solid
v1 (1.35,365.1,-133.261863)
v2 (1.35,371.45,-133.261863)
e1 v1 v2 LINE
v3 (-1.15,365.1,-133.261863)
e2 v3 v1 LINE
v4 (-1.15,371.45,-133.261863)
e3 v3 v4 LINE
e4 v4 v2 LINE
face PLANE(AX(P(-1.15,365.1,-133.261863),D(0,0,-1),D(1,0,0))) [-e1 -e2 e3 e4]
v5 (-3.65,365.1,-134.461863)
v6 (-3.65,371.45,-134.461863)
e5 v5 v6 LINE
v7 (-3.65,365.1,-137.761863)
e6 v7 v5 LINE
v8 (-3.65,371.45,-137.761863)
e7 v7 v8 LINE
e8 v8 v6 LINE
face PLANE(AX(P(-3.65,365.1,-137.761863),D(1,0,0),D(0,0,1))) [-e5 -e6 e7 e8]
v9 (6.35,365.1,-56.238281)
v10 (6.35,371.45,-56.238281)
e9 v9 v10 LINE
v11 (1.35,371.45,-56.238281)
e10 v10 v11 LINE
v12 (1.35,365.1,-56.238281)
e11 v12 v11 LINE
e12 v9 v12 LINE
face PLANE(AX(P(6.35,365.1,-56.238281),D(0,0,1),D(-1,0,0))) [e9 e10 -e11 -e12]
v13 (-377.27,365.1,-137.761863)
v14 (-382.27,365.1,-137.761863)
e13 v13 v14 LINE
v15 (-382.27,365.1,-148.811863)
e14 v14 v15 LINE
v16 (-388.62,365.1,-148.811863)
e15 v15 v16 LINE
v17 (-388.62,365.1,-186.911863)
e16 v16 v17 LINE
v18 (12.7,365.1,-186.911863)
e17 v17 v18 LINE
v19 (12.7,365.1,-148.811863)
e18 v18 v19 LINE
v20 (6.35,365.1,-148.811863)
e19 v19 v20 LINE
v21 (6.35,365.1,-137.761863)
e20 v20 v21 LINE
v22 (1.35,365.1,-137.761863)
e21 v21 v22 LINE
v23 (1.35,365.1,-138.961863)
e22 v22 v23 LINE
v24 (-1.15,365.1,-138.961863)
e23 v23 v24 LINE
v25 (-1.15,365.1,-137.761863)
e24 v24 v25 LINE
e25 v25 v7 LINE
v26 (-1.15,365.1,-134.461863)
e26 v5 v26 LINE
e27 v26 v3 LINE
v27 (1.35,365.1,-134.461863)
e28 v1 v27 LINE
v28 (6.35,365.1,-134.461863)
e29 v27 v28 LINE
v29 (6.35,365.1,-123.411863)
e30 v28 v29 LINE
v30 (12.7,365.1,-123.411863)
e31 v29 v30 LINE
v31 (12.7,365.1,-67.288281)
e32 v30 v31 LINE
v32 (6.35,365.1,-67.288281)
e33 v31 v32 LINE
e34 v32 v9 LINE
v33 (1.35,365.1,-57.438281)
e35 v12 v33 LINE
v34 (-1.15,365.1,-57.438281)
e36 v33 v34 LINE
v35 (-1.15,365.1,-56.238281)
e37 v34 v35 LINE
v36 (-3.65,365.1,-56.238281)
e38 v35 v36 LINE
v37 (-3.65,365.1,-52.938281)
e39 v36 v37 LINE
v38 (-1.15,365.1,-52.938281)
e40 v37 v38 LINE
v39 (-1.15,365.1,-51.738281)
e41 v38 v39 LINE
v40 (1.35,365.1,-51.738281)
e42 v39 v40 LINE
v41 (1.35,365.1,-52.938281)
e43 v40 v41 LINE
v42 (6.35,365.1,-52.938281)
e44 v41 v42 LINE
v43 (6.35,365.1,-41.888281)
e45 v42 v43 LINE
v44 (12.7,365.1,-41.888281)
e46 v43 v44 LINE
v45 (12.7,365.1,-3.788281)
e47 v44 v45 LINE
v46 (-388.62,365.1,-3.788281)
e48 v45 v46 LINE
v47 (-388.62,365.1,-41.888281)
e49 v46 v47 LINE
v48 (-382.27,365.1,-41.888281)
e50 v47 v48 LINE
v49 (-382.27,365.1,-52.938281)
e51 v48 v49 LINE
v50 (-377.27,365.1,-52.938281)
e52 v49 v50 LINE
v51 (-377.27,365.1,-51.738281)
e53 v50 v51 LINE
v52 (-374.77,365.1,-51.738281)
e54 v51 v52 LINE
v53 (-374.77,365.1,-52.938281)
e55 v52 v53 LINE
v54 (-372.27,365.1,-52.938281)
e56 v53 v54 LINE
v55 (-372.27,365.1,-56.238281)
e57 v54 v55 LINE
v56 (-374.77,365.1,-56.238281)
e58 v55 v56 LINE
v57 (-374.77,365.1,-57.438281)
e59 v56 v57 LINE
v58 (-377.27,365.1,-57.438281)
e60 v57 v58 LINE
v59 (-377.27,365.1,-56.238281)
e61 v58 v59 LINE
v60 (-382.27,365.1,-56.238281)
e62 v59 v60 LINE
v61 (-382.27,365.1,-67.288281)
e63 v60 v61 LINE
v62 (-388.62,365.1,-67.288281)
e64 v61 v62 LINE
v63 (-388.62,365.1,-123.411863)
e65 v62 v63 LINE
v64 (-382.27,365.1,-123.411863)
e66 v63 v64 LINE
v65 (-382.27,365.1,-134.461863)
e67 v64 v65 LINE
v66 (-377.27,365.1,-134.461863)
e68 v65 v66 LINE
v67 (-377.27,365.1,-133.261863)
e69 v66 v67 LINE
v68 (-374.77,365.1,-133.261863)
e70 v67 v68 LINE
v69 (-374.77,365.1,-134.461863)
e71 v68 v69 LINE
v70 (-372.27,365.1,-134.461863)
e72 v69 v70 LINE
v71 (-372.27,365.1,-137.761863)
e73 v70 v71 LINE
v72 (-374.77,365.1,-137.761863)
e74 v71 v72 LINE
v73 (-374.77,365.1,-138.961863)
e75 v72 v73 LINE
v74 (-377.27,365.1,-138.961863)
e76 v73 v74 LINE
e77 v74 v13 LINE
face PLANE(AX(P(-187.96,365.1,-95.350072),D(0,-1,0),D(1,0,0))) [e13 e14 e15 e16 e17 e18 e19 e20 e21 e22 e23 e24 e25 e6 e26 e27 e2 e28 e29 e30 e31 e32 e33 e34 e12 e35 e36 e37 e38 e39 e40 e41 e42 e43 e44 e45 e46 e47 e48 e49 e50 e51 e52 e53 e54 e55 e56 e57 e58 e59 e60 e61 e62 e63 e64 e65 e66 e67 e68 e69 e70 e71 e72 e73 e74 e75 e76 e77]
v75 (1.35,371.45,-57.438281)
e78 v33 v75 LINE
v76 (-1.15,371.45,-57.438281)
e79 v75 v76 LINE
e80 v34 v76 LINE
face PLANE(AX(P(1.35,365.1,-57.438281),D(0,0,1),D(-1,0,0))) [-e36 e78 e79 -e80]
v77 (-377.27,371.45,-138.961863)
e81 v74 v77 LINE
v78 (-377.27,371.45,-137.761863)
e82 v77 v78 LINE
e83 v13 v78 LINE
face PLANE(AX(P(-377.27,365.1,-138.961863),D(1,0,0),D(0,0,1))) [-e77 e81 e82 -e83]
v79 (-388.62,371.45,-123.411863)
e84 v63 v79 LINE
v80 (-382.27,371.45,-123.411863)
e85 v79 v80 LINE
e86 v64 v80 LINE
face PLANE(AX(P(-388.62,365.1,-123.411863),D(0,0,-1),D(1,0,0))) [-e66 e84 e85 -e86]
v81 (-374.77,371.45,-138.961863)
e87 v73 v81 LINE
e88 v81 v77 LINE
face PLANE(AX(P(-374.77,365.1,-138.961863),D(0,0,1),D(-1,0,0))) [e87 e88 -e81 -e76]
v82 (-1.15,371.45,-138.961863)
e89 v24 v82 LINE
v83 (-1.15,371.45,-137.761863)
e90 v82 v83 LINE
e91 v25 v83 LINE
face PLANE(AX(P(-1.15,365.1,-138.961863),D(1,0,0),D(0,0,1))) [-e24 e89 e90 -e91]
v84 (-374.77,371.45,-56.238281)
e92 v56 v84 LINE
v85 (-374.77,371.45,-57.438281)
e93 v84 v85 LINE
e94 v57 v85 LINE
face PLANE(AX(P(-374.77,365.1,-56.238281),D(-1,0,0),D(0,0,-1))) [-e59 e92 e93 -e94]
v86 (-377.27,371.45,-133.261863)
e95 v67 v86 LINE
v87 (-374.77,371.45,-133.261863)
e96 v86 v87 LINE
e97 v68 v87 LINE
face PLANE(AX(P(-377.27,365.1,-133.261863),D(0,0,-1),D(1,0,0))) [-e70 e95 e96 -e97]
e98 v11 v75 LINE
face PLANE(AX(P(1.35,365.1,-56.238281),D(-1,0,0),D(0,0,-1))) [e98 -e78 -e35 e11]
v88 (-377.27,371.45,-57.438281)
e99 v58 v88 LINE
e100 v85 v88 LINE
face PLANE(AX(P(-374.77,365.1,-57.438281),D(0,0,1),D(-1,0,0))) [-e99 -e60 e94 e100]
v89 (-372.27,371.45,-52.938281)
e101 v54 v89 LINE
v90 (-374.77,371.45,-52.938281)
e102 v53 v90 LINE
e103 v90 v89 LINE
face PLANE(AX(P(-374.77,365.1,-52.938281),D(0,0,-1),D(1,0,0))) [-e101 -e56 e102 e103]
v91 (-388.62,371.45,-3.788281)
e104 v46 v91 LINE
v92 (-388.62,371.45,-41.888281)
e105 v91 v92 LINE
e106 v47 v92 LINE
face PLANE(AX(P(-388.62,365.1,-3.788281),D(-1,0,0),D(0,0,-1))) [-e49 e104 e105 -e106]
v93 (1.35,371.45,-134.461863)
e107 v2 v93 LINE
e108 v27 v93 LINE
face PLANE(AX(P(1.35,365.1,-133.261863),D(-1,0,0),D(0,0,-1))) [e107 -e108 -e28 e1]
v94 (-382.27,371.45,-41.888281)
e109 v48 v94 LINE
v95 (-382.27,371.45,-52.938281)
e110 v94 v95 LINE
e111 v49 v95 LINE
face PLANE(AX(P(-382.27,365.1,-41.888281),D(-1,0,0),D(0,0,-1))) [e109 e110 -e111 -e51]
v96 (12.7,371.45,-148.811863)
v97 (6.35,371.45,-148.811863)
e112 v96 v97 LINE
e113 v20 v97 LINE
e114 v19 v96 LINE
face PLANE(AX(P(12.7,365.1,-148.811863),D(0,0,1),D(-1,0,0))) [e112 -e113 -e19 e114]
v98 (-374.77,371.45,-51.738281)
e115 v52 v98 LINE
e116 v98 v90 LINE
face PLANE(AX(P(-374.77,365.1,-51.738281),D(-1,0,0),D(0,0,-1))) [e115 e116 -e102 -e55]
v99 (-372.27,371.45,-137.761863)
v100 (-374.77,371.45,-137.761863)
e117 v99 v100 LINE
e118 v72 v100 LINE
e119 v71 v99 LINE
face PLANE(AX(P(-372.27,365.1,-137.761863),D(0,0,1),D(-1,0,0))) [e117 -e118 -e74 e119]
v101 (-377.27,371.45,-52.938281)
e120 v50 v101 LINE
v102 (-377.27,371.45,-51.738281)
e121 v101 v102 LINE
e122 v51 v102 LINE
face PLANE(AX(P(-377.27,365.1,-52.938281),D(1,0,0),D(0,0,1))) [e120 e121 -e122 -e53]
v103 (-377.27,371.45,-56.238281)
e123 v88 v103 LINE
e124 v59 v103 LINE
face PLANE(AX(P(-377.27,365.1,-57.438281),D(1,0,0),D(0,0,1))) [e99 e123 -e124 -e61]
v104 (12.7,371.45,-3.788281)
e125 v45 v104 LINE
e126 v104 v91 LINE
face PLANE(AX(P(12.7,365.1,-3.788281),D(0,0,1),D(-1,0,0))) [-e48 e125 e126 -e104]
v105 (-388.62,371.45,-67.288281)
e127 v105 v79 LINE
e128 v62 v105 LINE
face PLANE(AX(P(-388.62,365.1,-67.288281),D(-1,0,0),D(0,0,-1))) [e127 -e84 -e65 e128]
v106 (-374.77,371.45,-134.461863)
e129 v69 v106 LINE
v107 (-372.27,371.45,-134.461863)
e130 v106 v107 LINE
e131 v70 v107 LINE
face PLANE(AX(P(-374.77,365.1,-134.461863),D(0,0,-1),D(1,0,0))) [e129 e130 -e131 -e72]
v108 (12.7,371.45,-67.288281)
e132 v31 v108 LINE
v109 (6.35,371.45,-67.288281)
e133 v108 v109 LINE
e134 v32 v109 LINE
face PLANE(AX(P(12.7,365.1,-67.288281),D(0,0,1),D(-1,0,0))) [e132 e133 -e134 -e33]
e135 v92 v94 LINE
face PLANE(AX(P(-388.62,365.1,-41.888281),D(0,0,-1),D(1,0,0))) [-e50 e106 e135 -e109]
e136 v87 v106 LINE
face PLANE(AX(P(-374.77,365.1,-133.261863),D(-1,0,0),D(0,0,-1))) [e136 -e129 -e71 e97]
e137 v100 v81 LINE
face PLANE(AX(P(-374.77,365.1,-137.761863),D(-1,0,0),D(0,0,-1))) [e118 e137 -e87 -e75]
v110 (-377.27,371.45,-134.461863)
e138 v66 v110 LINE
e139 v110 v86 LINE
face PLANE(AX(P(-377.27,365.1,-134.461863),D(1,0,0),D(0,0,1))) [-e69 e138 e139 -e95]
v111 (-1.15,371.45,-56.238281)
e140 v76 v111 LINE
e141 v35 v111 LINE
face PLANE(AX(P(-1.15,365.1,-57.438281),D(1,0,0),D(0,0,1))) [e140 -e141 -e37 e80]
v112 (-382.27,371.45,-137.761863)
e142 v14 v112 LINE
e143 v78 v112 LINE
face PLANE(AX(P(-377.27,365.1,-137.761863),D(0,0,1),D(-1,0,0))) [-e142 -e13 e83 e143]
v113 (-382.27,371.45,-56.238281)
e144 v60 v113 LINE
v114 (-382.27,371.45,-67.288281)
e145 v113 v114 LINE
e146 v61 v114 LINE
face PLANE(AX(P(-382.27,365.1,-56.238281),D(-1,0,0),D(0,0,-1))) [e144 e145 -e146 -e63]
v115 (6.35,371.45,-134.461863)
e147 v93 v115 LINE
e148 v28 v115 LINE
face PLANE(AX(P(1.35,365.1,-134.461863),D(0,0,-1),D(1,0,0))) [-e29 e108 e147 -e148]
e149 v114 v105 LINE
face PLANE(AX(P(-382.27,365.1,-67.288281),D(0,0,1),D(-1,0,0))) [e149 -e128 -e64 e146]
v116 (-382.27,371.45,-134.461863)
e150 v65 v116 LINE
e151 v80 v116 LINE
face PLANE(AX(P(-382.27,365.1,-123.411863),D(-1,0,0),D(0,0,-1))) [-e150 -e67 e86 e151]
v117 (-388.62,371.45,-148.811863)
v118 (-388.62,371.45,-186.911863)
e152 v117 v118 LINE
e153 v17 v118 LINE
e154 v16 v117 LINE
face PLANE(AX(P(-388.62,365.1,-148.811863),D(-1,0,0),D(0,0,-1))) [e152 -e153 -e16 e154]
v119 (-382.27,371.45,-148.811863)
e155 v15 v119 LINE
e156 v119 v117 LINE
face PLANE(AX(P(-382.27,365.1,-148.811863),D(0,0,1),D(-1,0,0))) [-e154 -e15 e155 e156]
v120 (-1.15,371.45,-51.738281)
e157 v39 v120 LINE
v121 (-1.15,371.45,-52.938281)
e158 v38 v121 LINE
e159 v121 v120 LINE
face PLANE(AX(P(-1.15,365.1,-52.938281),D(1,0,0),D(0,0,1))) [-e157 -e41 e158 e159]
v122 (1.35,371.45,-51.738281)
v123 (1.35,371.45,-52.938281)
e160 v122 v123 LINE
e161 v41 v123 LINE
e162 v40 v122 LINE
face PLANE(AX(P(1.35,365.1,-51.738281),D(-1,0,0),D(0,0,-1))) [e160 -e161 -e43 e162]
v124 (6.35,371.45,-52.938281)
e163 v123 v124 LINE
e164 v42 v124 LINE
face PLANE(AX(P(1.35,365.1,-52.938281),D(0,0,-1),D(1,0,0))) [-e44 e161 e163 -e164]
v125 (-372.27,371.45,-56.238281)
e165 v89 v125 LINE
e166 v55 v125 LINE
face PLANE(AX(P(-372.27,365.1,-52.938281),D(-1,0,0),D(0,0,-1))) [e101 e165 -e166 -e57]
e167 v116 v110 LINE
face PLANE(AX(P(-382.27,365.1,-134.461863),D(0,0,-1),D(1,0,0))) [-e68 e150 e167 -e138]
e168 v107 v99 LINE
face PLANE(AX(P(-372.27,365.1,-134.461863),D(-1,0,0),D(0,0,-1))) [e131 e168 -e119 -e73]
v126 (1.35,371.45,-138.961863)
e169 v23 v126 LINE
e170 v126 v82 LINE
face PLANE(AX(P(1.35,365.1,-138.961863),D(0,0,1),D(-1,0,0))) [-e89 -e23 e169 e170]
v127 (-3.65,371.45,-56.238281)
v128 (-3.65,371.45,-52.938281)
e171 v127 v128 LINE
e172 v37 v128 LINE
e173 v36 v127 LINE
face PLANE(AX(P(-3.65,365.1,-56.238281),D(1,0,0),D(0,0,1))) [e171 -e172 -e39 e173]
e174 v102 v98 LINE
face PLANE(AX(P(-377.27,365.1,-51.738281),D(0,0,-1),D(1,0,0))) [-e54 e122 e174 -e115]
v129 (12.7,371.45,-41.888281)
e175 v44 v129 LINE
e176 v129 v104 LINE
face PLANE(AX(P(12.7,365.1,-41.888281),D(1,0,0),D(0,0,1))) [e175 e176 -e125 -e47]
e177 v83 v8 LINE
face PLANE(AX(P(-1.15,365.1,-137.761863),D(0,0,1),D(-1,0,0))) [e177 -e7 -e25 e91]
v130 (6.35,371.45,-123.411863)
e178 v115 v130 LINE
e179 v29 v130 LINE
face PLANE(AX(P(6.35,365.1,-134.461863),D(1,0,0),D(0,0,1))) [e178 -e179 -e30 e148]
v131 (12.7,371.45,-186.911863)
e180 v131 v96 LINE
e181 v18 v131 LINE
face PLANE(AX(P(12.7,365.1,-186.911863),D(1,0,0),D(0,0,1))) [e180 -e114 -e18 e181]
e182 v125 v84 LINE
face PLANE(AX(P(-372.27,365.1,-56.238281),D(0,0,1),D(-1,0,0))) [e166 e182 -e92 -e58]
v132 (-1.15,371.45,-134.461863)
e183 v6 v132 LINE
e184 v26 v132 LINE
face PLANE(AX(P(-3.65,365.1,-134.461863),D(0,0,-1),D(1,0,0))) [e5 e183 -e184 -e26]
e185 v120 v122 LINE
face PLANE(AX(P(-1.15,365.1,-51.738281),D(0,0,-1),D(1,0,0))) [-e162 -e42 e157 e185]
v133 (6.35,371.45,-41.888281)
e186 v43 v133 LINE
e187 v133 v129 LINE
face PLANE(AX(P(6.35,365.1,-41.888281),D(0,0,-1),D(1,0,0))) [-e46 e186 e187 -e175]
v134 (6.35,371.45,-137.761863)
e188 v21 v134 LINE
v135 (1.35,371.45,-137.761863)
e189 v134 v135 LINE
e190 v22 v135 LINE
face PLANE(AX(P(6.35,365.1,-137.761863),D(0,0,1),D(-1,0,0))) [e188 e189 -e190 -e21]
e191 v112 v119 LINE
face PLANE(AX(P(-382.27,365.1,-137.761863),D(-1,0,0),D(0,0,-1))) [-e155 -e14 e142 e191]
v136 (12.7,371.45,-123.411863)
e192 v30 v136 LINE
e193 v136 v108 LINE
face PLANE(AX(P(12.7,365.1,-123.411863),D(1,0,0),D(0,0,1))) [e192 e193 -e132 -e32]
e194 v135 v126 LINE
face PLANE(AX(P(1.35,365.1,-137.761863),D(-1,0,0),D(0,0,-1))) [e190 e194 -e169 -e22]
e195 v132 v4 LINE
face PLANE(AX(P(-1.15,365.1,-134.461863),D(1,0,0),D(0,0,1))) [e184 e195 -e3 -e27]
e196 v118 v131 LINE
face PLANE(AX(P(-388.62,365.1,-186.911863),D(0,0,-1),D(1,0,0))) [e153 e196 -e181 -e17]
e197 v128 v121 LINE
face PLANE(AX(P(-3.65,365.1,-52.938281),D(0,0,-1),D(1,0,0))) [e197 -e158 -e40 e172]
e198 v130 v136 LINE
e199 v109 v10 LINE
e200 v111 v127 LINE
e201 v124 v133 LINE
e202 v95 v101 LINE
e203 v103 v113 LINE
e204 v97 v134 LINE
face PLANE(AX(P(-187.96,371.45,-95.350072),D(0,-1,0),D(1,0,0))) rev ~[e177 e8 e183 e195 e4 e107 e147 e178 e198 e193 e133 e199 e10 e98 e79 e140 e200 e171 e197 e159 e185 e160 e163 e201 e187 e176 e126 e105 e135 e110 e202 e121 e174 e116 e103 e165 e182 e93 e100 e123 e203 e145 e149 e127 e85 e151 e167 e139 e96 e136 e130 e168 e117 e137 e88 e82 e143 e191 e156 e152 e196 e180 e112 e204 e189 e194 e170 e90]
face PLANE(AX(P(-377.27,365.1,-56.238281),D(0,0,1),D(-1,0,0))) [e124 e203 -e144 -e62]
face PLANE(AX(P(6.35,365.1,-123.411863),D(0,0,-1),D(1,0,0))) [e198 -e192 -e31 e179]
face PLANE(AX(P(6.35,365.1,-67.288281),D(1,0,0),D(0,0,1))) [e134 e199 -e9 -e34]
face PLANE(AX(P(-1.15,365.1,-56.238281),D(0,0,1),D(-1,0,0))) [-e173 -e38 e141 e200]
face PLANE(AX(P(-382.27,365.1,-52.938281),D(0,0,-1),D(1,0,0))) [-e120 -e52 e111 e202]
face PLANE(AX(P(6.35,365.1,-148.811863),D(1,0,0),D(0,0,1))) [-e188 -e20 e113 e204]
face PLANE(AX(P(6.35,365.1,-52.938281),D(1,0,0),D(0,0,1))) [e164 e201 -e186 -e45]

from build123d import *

# Parameters (mm, degrees)
BOSS_EXTRUDE1_DEPTH = 6.35


with BuildPart() as part:
    # Sketch1 → Boss-Extrude1 (new body)
    with BuildSketch(Plane.XZ.offset(-365.1)):
        Polygon((-388.62, -123.411863322), (-382.27, -123.411863322), (-382.27, -134.461863322), (-377.27, -134.461863322), (-377.27, -133.261863322), (-374.77, -133.261863322), (-374.77, -134.461863322), (-372.27, -134.461863322), (-372.27, -137.761863322), (-374.77, -137.761863322), (-374.77, -138.961863322), (-377.27, -138.961863322), (-377.27, -137.761863322), (-382.27, -137.761863322), (-382.27, -148.811863322), (-388.62, -148.811863322), (-388.62, -186.911863322), (12.7, -186.911863322), (12.7, -148.811863322), (6.35, -148.811863322), (6.35, -137.761863322), (1.35, -137.761863322), (1.35, -138.961863322), (-1.15, -138.961863322), (-1.15, -137.761863322), (-3.65, -137.761863322), (-3.65, -134.461863322), (-1.15, -134.461863322), (-1.15, -133.261863322), (1.35, -133.261863322), (1.35, -134.461863322), (6.35, -134.461863322), (6.35, -123.411863322), (12.7, -123.411863322), (12.7, -67.288281448), (6.35, -67.288281448), (6.35, -56.238281448), (1.35, -56.238281448), (1.35, -57.438281448), (-1.15, -57.438281448), (-1.15, -56.238281448), (-3.65, -56.238281448), (-3.65, -52.938281448), (-1.15, -52.938281448), (-1.15, -51.738281448), (1.35, -51.738281448), (1.35, -52.938281448), (6.35, -52.938281448), (6.35, -41.888281448), (12.7, -41.888281448), (12.7, -3.788281448), (-388.62, -3.788281448), (-388.62, -41.888281448), (-382.27, -41.888281448), (-382.27, -52.938281448), (-377.27, -52.938281448), (-377.27, -51.738281448), (-374.77, -51.738281448), (-374.77, -52.938281448), (-372.27, -52.938281448), (-372.27, -56.238281448), (-374.77, -56.238281448), (-374.77, -57.438281448), (-377.27, -57.438281448), (-377.27, -56.238281448), (-382.27, -56.238281448), (-382.27, -67.288281448), (-388.62, -67.288281448), align=None)
    extrude(amount=-BOSS_EXTRUDE1_DEPTH)


solid = part.part
